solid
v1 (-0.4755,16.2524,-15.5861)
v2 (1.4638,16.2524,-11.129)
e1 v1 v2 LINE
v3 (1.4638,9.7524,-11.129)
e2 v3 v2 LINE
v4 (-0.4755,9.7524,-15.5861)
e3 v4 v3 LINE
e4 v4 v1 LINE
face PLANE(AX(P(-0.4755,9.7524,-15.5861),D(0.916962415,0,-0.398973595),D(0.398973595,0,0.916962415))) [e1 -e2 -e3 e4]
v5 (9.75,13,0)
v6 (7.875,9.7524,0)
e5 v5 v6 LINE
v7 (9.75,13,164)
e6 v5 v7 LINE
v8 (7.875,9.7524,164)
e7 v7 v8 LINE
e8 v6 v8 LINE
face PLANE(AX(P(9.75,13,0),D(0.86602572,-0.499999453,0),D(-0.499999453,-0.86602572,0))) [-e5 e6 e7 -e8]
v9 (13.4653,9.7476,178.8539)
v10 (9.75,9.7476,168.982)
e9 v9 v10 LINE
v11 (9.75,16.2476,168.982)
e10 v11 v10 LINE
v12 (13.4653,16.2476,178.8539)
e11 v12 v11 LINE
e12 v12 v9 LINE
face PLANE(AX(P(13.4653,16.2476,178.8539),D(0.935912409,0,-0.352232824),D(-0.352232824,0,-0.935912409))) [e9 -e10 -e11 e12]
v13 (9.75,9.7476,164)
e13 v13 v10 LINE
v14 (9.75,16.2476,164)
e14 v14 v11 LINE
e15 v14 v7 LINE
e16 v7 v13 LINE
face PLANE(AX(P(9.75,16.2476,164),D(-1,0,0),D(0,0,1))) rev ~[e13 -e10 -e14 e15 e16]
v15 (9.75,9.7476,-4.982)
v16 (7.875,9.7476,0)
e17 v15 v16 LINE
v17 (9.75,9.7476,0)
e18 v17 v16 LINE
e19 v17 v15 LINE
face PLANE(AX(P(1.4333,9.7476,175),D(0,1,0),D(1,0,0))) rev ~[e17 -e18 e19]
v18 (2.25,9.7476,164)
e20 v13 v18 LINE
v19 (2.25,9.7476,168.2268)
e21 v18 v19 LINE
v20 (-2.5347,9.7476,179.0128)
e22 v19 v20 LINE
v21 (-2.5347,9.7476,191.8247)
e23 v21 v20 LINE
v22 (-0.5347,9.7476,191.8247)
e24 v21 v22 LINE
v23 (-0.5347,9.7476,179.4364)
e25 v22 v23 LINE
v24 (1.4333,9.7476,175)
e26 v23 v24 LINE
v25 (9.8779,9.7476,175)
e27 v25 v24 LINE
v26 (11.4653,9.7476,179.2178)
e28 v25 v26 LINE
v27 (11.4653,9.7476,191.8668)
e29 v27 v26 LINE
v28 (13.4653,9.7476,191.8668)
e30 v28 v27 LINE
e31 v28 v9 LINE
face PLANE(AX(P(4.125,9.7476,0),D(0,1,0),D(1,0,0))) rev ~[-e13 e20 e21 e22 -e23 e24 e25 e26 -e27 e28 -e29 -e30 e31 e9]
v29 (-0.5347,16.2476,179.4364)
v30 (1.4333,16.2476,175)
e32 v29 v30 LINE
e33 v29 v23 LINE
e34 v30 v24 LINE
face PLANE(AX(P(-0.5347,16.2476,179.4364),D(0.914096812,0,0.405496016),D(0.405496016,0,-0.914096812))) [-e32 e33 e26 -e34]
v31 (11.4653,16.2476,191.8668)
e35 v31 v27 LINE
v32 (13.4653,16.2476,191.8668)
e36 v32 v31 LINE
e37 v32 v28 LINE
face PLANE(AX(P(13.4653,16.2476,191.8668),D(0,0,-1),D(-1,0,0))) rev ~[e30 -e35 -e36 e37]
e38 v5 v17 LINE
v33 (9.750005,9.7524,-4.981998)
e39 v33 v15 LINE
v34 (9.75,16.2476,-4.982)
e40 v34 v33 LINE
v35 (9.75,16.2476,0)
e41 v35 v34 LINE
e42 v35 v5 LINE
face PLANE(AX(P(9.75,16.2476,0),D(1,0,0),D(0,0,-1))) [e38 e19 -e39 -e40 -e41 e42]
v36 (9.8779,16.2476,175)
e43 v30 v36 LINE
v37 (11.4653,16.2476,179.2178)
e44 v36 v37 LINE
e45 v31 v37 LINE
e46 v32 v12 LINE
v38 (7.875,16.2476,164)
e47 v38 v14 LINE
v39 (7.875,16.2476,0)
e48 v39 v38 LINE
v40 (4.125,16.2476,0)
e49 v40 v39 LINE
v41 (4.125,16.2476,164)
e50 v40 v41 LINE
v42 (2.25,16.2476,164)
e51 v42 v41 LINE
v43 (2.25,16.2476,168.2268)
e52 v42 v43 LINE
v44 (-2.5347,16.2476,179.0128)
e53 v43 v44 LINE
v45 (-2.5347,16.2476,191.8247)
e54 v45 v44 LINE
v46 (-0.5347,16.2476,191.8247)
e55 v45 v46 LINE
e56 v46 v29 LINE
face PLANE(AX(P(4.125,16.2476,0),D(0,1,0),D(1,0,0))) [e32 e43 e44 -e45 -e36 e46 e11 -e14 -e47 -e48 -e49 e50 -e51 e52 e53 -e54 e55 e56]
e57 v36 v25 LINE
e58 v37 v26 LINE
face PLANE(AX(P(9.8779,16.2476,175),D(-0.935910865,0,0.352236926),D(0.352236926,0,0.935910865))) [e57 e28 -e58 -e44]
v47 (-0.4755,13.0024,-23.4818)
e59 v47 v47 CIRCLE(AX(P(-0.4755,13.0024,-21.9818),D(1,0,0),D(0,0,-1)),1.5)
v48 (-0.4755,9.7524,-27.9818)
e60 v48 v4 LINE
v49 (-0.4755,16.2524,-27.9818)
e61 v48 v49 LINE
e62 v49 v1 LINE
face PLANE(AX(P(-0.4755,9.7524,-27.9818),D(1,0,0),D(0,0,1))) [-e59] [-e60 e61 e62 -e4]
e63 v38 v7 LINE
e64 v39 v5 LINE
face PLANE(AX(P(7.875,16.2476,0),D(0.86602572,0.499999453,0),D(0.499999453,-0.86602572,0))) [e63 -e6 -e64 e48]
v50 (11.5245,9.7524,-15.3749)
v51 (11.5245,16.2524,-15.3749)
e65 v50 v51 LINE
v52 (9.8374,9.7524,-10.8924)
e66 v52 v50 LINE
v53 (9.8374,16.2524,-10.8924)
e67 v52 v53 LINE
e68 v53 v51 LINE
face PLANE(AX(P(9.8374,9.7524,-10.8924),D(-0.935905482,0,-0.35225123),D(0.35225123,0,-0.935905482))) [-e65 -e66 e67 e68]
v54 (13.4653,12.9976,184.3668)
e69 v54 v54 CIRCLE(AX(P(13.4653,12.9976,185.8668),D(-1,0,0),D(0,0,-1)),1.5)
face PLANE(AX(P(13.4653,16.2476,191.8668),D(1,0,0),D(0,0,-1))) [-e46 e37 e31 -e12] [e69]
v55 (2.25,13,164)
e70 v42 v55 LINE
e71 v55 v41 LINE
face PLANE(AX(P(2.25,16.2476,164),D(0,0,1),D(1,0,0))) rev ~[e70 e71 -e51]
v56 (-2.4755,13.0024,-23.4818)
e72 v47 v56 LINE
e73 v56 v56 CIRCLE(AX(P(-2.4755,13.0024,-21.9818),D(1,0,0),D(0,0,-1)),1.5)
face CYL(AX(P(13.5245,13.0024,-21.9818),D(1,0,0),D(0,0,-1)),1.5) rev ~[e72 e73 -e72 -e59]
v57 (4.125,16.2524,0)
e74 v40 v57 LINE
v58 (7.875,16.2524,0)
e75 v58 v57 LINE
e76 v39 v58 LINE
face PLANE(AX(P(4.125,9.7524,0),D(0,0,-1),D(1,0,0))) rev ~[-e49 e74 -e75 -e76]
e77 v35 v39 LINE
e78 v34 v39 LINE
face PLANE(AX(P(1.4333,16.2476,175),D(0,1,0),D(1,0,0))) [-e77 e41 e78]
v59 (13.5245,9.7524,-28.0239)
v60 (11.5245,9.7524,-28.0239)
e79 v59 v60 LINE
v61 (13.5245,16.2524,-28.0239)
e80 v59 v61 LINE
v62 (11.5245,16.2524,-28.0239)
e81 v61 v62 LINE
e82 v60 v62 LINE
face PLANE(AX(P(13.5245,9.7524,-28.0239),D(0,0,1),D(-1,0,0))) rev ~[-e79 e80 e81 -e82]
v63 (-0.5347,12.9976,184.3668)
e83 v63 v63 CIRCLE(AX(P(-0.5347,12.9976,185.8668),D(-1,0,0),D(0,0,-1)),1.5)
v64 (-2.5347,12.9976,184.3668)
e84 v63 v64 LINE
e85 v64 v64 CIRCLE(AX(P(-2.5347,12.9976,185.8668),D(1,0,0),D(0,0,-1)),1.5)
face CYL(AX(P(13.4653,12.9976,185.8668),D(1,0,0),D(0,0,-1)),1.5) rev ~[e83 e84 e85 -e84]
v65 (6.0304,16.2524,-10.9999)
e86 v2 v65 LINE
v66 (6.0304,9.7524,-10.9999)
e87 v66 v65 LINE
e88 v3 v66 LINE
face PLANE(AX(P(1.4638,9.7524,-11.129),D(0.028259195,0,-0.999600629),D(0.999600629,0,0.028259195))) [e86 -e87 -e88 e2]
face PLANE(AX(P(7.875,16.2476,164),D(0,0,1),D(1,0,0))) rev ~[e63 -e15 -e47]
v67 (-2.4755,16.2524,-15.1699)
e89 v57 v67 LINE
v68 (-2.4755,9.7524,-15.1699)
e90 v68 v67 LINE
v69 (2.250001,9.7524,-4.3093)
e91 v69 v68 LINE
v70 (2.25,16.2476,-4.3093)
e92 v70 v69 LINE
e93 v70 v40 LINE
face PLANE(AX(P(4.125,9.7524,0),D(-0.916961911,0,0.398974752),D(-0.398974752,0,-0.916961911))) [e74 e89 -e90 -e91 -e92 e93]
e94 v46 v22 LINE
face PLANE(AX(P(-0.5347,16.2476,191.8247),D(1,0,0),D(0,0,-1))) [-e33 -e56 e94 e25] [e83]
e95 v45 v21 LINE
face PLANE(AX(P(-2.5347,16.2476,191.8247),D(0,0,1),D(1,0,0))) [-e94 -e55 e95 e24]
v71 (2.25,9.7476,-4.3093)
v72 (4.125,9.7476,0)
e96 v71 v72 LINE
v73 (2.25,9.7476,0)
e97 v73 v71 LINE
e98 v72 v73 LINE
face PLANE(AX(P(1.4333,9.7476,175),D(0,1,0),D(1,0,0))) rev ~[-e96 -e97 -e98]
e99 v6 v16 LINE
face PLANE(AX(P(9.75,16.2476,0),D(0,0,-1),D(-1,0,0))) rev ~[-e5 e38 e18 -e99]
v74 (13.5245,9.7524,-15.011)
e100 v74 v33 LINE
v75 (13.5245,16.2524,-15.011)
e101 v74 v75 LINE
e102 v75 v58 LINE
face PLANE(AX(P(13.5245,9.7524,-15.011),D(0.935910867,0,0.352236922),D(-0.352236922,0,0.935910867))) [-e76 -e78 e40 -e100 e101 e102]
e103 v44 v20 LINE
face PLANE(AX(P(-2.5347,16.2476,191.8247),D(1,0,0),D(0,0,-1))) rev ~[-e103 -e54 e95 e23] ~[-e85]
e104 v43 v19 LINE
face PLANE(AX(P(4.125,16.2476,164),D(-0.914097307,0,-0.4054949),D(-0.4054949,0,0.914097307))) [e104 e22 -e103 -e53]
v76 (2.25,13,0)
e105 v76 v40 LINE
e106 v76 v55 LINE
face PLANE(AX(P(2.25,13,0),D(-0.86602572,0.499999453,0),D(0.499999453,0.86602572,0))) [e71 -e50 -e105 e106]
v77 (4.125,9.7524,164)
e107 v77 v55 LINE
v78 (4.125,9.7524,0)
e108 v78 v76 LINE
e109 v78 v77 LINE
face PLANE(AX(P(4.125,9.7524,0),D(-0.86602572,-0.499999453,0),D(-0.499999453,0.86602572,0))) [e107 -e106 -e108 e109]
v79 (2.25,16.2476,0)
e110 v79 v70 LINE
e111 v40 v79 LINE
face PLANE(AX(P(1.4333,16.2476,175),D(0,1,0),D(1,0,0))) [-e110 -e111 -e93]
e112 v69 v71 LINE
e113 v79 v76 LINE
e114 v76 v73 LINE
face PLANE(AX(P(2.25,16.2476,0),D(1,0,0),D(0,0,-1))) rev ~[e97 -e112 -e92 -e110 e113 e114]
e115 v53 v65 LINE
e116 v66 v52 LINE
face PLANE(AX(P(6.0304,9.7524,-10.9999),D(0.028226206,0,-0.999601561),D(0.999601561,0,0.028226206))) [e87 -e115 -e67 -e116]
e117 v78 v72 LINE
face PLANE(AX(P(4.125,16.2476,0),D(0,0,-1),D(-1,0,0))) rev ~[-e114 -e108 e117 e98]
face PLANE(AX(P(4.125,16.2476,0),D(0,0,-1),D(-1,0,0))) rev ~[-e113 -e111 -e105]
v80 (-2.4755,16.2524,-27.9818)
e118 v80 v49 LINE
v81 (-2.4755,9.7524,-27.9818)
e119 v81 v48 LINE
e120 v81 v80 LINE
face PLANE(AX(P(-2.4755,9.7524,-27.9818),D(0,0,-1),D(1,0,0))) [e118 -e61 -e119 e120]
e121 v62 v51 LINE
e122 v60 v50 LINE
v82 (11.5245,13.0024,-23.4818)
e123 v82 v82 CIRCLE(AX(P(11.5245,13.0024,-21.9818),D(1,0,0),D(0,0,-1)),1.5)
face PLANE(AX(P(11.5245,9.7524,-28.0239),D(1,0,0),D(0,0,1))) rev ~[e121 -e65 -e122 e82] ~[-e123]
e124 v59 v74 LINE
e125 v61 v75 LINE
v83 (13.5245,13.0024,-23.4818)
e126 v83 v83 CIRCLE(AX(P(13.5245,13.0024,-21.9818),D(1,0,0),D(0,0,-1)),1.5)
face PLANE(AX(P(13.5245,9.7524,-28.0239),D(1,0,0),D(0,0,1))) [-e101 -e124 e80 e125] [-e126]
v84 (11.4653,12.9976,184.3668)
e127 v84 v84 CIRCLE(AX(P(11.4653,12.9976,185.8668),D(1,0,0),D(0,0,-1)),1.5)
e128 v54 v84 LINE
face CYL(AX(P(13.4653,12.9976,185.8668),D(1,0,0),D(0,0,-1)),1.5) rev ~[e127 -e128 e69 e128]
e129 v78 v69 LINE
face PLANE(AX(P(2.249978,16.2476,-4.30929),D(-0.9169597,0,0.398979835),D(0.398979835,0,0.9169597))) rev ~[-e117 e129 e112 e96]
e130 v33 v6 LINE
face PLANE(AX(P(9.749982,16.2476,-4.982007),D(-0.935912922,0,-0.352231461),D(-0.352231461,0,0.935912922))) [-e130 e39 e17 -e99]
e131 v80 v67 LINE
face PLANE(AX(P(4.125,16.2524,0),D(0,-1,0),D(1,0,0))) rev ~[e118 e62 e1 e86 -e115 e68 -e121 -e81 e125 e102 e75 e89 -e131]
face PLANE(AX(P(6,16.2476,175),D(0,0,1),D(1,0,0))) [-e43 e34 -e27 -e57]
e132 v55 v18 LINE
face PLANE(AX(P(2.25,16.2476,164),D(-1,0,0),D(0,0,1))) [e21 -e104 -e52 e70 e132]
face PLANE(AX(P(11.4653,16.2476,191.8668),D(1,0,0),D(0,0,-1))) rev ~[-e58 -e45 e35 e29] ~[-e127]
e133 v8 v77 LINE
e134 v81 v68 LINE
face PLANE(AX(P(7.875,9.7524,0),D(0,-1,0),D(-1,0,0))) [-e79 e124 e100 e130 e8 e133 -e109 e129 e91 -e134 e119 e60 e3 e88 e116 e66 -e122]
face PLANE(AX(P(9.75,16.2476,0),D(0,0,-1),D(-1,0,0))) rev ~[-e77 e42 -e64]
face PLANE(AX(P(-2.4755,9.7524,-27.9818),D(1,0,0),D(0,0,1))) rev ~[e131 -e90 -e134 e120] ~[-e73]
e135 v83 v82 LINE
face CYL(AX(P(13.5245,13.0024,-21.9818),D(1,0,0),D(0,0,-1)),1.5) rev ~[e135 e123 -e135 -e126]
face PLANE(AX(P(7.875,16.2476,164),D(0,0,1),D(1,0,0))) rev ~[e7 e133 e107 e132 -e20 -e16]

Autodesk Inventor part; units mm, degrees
ref_plane "YZ Plane" through (0, 0, 0) normal (1, 0, 0) x (0, 1, 0)
ref_plane "XZ Plane" through (0, 0, 0) normal (0, 1, 0) x (-1, 0, 0)
ref_plane "XY Plane" through (0, 0, 0) normal (0, 0, 1) x (1, 0, 0)
sketch "Sketch1" plane through (0, 0, 0) normal (0, 0, 1) x (1, 0, 0)
  line L0 (9.75, 13) -> (7.875, 9.7524)
  line L1 (7.875, 9.7524) -> (4.125, 9.7524)
  line L2 (4.125, 9.7524) -> (2.25, 13)
  line L3 (2.25, 13) -> (4.125, 16.2476)
  line L4 (4.125, 16.2476) -> (7.875, 16.2476)
  line L5 (7.875, 16.2476) -> (9.75, 13)
  point P0 (0, 0)
  point P1 (6, 13)
  dimension "d0" = 7.5
extrude "Extrusion1" add sketch "Sketch1" along normal blind 164
sketch "Sketch2" plane through (4.125, 16.2476, 0) normal (0, 1, 0) x (1, 0, 0)
  line L0 (3.75, -164) -> (5.625, -164) projected
  line L1 (3.75, -164) -> (0, -164) projected
  line L2 (0, -164) -> (-6.6597, -179.0128)
  line L3 (-1.875, 0) -> (-1.875, -164) projected
  line L4 (-6.6597, -191.8247) -> (-6.6597, -179.0128)
  line L5 (3.75, -164) -> (1.875, -164)
  line L6 (9.3403, -191.8668) -> (9.3403, -178.8539)
  line L7 (9.3403, -178.8539) -> (3.75, -164)
  line L8 (9.3403, -191.8668) -> (7.3403, -191.8668)
  line L9 (7.3403, -191.8668) -> (7.3403, -179.2178)
  line L10 (-6.6597, -191.8247) -> (-4.6597, -191.8247)
  line L11 (-4.6597, -191.8247) -> (-4.6597, -179.4364)
  line L12 (2.1735, -164.0436) -> (2.158, -164)
  line L13 (1.875, -175) -> (5.7529, -175)
  line L14 (-2.6917, -175) -> (1.875, -175)
  line L15 (-4.6597, -179.4364) -> (-2.6917, -175)
  line L16 (5.7529, -175) -> (7.3403, -179.2178)
  line L17 (1.875, -164) -> (1.875, -191.8247)
  point P0 (-4.125, 0)
  dimension "d12" = 2
  dimension "d13" = 2
  dimension "d16" = 27.8247
  dimension "d17" = 11
  dimension "d21" = 12
  dimension "d31" = 2
  dimension "d32" = 2
extrude "Extrusion2" add sketch "Sketch2" against normal blind 6.5
sketch "Sketch3" plane through (-2.5347, 9.7476, 179.0128) normal (-0.9141, 0, -0.4055) x (-0.4055, 0, 0.9141)
  point P0 (-164.6629, -9.7476)
sketch "Sketch5" plane through (4.125, 16.2476, 0) normal (0, 1, 0) x (1, 0, 0)
  line L0 (-1.875, -164) -> (0, -164) projected
  line L1 (-1.875, -164) -> (-1.875, -168.2268)
  line L2 (0, -164) -> (-6.6597, -179.0128) projected
  line L3 (3.75, -164) -> (5.625, -164) projected
  line L4 (5.625, -164) -> (5.625, -168.982)
  line L5 (9.3403, -178.8539) -> (3.75, -164) projected
  point P0 (-4.125, 0)
extrude "Extrusion3" add sketch "Sketch5" against normal blind 6.5
sketch "Sketch6" plane through (13.4653, 16.2476, 191.8668) normal (1, 0, 0) x (0, 0, -1)
  line L0 (0, 0) -> (0, -3.25)
  line L1 (0, 0) -> (0, -6.5) projected
  line L2 (0, -3.25) -> (6, -3.25)
  circle A0 centre (6, -3.25) radius 1.5
  point P0 (191.8668, -16.2476)
  dimension "d27" = 6
  dimension "d28" = 3
extrude "Extrusion4" cut sketch "Sketch6" against normal through all
sketch "Sketch7" plane through (4.125, 9.7524, 0) normal (0, -1, 0) x (1, 0, 0)
  line L0 (0, 0) -> (-6.6005, -15.1699)
  line L1 (-6.6005, -27.9818) -> (-6.6005, -15.1699)
  line L2 (9.3995, -28.0239) -> (9.3995, -15.011)
  line L3 (9.3995, -15.011) -> (3.75, 0)
  line L4 (9.3995, -28.0239) -> (7.3995, -28.0239)
  line L5 (7.3995, -28.0239) -> (7.3995, -15.3749)
  line L6 (-6.6005, -27.9818) -> (-4.6005, -27.9818)
  line L7 (-4.6005, -27.9818) -> (-4.6005, -15.5861)
  line L8 (1.9054, -10.9999) -> (5.7124, -10.8924)
  line L9 (-2.6612, -11.129) -> (1.9054, -10.9999)
  line L10 (-4.6005, -15.5861) -> (-2.6612, -11.129)
  line L11 (5.7124, -10.8924) -> (7.3995, -15.3749)
  line L12 (1.942, 0) -> (1.942, -27.8247)
  line L13 (5.625, 0) -> (3.75, 0) projected
  line L14 (0, 0) -> (3.75, 0) projected
  line L15 (3.75, 0) -> (0, 0)
  line L16 (3.75, 0) -> (0, 0) projected
  point P0 (-4.125, 0)
  dimension "d34" = 2
  dimension "d35" = 2
  dimension "d36" = 11
  dimension "d37" = 12
  dimension "d38" = 2
  dimension "d39" = 2
extrude "Extrusion5" add sketch "Sketch7" against normal blind 6.5
sketch "Sketch8" plane through (1.4333, 16.2476, 175) normal (0, 1, 0) x (1, 0, 0)
  line L0 (8.3167, 175) -> (6.4417, 175) projected
  line L1 (8.3167, 175) -> (8.3167, 179.982)
  line L2 (12.0911, 190.011) -> (6.4417, 175) projected
  line L3 (2.6917, 175) -> (0.8167, 175) projected
  line L4 (0.8167, 175) -> (0.8167, 179.3093)
  line L5 (-3.9089, 190.1699) -> (2.6917, 175) projected
  point P0 (-1.4333, 175)
extrude "Extrusion6" add sketch "Sketch8" against normal blind 6.5
sketch "Sketch9" plane through (13.5245, 9.7524, -15.011) normal (1, 0, 0) x (0, 0, -1)
  point P0 (-15.011, -9.7524)
sketch "Sketch10" plane through (13.5245, 9.7524, -15.011) normal (1, 0, 0) x (0, 0, -1)
  line L0 (12.9708, 0) -> (12.9708, 6.5) projected
  line L1 (12.9708, 3.25) -> (6.9708, 3.25)
  circle A0 centre (6.9708, 3.25) radius 1.5
  point P0 (-15.011, -9.7524)
  dimension "d44" = 6
  dimension "d45" = 3
extrude "Extrusion7" cut sketch "Sketch10" against normal through all
properties part number "Rod v1 220mm"
